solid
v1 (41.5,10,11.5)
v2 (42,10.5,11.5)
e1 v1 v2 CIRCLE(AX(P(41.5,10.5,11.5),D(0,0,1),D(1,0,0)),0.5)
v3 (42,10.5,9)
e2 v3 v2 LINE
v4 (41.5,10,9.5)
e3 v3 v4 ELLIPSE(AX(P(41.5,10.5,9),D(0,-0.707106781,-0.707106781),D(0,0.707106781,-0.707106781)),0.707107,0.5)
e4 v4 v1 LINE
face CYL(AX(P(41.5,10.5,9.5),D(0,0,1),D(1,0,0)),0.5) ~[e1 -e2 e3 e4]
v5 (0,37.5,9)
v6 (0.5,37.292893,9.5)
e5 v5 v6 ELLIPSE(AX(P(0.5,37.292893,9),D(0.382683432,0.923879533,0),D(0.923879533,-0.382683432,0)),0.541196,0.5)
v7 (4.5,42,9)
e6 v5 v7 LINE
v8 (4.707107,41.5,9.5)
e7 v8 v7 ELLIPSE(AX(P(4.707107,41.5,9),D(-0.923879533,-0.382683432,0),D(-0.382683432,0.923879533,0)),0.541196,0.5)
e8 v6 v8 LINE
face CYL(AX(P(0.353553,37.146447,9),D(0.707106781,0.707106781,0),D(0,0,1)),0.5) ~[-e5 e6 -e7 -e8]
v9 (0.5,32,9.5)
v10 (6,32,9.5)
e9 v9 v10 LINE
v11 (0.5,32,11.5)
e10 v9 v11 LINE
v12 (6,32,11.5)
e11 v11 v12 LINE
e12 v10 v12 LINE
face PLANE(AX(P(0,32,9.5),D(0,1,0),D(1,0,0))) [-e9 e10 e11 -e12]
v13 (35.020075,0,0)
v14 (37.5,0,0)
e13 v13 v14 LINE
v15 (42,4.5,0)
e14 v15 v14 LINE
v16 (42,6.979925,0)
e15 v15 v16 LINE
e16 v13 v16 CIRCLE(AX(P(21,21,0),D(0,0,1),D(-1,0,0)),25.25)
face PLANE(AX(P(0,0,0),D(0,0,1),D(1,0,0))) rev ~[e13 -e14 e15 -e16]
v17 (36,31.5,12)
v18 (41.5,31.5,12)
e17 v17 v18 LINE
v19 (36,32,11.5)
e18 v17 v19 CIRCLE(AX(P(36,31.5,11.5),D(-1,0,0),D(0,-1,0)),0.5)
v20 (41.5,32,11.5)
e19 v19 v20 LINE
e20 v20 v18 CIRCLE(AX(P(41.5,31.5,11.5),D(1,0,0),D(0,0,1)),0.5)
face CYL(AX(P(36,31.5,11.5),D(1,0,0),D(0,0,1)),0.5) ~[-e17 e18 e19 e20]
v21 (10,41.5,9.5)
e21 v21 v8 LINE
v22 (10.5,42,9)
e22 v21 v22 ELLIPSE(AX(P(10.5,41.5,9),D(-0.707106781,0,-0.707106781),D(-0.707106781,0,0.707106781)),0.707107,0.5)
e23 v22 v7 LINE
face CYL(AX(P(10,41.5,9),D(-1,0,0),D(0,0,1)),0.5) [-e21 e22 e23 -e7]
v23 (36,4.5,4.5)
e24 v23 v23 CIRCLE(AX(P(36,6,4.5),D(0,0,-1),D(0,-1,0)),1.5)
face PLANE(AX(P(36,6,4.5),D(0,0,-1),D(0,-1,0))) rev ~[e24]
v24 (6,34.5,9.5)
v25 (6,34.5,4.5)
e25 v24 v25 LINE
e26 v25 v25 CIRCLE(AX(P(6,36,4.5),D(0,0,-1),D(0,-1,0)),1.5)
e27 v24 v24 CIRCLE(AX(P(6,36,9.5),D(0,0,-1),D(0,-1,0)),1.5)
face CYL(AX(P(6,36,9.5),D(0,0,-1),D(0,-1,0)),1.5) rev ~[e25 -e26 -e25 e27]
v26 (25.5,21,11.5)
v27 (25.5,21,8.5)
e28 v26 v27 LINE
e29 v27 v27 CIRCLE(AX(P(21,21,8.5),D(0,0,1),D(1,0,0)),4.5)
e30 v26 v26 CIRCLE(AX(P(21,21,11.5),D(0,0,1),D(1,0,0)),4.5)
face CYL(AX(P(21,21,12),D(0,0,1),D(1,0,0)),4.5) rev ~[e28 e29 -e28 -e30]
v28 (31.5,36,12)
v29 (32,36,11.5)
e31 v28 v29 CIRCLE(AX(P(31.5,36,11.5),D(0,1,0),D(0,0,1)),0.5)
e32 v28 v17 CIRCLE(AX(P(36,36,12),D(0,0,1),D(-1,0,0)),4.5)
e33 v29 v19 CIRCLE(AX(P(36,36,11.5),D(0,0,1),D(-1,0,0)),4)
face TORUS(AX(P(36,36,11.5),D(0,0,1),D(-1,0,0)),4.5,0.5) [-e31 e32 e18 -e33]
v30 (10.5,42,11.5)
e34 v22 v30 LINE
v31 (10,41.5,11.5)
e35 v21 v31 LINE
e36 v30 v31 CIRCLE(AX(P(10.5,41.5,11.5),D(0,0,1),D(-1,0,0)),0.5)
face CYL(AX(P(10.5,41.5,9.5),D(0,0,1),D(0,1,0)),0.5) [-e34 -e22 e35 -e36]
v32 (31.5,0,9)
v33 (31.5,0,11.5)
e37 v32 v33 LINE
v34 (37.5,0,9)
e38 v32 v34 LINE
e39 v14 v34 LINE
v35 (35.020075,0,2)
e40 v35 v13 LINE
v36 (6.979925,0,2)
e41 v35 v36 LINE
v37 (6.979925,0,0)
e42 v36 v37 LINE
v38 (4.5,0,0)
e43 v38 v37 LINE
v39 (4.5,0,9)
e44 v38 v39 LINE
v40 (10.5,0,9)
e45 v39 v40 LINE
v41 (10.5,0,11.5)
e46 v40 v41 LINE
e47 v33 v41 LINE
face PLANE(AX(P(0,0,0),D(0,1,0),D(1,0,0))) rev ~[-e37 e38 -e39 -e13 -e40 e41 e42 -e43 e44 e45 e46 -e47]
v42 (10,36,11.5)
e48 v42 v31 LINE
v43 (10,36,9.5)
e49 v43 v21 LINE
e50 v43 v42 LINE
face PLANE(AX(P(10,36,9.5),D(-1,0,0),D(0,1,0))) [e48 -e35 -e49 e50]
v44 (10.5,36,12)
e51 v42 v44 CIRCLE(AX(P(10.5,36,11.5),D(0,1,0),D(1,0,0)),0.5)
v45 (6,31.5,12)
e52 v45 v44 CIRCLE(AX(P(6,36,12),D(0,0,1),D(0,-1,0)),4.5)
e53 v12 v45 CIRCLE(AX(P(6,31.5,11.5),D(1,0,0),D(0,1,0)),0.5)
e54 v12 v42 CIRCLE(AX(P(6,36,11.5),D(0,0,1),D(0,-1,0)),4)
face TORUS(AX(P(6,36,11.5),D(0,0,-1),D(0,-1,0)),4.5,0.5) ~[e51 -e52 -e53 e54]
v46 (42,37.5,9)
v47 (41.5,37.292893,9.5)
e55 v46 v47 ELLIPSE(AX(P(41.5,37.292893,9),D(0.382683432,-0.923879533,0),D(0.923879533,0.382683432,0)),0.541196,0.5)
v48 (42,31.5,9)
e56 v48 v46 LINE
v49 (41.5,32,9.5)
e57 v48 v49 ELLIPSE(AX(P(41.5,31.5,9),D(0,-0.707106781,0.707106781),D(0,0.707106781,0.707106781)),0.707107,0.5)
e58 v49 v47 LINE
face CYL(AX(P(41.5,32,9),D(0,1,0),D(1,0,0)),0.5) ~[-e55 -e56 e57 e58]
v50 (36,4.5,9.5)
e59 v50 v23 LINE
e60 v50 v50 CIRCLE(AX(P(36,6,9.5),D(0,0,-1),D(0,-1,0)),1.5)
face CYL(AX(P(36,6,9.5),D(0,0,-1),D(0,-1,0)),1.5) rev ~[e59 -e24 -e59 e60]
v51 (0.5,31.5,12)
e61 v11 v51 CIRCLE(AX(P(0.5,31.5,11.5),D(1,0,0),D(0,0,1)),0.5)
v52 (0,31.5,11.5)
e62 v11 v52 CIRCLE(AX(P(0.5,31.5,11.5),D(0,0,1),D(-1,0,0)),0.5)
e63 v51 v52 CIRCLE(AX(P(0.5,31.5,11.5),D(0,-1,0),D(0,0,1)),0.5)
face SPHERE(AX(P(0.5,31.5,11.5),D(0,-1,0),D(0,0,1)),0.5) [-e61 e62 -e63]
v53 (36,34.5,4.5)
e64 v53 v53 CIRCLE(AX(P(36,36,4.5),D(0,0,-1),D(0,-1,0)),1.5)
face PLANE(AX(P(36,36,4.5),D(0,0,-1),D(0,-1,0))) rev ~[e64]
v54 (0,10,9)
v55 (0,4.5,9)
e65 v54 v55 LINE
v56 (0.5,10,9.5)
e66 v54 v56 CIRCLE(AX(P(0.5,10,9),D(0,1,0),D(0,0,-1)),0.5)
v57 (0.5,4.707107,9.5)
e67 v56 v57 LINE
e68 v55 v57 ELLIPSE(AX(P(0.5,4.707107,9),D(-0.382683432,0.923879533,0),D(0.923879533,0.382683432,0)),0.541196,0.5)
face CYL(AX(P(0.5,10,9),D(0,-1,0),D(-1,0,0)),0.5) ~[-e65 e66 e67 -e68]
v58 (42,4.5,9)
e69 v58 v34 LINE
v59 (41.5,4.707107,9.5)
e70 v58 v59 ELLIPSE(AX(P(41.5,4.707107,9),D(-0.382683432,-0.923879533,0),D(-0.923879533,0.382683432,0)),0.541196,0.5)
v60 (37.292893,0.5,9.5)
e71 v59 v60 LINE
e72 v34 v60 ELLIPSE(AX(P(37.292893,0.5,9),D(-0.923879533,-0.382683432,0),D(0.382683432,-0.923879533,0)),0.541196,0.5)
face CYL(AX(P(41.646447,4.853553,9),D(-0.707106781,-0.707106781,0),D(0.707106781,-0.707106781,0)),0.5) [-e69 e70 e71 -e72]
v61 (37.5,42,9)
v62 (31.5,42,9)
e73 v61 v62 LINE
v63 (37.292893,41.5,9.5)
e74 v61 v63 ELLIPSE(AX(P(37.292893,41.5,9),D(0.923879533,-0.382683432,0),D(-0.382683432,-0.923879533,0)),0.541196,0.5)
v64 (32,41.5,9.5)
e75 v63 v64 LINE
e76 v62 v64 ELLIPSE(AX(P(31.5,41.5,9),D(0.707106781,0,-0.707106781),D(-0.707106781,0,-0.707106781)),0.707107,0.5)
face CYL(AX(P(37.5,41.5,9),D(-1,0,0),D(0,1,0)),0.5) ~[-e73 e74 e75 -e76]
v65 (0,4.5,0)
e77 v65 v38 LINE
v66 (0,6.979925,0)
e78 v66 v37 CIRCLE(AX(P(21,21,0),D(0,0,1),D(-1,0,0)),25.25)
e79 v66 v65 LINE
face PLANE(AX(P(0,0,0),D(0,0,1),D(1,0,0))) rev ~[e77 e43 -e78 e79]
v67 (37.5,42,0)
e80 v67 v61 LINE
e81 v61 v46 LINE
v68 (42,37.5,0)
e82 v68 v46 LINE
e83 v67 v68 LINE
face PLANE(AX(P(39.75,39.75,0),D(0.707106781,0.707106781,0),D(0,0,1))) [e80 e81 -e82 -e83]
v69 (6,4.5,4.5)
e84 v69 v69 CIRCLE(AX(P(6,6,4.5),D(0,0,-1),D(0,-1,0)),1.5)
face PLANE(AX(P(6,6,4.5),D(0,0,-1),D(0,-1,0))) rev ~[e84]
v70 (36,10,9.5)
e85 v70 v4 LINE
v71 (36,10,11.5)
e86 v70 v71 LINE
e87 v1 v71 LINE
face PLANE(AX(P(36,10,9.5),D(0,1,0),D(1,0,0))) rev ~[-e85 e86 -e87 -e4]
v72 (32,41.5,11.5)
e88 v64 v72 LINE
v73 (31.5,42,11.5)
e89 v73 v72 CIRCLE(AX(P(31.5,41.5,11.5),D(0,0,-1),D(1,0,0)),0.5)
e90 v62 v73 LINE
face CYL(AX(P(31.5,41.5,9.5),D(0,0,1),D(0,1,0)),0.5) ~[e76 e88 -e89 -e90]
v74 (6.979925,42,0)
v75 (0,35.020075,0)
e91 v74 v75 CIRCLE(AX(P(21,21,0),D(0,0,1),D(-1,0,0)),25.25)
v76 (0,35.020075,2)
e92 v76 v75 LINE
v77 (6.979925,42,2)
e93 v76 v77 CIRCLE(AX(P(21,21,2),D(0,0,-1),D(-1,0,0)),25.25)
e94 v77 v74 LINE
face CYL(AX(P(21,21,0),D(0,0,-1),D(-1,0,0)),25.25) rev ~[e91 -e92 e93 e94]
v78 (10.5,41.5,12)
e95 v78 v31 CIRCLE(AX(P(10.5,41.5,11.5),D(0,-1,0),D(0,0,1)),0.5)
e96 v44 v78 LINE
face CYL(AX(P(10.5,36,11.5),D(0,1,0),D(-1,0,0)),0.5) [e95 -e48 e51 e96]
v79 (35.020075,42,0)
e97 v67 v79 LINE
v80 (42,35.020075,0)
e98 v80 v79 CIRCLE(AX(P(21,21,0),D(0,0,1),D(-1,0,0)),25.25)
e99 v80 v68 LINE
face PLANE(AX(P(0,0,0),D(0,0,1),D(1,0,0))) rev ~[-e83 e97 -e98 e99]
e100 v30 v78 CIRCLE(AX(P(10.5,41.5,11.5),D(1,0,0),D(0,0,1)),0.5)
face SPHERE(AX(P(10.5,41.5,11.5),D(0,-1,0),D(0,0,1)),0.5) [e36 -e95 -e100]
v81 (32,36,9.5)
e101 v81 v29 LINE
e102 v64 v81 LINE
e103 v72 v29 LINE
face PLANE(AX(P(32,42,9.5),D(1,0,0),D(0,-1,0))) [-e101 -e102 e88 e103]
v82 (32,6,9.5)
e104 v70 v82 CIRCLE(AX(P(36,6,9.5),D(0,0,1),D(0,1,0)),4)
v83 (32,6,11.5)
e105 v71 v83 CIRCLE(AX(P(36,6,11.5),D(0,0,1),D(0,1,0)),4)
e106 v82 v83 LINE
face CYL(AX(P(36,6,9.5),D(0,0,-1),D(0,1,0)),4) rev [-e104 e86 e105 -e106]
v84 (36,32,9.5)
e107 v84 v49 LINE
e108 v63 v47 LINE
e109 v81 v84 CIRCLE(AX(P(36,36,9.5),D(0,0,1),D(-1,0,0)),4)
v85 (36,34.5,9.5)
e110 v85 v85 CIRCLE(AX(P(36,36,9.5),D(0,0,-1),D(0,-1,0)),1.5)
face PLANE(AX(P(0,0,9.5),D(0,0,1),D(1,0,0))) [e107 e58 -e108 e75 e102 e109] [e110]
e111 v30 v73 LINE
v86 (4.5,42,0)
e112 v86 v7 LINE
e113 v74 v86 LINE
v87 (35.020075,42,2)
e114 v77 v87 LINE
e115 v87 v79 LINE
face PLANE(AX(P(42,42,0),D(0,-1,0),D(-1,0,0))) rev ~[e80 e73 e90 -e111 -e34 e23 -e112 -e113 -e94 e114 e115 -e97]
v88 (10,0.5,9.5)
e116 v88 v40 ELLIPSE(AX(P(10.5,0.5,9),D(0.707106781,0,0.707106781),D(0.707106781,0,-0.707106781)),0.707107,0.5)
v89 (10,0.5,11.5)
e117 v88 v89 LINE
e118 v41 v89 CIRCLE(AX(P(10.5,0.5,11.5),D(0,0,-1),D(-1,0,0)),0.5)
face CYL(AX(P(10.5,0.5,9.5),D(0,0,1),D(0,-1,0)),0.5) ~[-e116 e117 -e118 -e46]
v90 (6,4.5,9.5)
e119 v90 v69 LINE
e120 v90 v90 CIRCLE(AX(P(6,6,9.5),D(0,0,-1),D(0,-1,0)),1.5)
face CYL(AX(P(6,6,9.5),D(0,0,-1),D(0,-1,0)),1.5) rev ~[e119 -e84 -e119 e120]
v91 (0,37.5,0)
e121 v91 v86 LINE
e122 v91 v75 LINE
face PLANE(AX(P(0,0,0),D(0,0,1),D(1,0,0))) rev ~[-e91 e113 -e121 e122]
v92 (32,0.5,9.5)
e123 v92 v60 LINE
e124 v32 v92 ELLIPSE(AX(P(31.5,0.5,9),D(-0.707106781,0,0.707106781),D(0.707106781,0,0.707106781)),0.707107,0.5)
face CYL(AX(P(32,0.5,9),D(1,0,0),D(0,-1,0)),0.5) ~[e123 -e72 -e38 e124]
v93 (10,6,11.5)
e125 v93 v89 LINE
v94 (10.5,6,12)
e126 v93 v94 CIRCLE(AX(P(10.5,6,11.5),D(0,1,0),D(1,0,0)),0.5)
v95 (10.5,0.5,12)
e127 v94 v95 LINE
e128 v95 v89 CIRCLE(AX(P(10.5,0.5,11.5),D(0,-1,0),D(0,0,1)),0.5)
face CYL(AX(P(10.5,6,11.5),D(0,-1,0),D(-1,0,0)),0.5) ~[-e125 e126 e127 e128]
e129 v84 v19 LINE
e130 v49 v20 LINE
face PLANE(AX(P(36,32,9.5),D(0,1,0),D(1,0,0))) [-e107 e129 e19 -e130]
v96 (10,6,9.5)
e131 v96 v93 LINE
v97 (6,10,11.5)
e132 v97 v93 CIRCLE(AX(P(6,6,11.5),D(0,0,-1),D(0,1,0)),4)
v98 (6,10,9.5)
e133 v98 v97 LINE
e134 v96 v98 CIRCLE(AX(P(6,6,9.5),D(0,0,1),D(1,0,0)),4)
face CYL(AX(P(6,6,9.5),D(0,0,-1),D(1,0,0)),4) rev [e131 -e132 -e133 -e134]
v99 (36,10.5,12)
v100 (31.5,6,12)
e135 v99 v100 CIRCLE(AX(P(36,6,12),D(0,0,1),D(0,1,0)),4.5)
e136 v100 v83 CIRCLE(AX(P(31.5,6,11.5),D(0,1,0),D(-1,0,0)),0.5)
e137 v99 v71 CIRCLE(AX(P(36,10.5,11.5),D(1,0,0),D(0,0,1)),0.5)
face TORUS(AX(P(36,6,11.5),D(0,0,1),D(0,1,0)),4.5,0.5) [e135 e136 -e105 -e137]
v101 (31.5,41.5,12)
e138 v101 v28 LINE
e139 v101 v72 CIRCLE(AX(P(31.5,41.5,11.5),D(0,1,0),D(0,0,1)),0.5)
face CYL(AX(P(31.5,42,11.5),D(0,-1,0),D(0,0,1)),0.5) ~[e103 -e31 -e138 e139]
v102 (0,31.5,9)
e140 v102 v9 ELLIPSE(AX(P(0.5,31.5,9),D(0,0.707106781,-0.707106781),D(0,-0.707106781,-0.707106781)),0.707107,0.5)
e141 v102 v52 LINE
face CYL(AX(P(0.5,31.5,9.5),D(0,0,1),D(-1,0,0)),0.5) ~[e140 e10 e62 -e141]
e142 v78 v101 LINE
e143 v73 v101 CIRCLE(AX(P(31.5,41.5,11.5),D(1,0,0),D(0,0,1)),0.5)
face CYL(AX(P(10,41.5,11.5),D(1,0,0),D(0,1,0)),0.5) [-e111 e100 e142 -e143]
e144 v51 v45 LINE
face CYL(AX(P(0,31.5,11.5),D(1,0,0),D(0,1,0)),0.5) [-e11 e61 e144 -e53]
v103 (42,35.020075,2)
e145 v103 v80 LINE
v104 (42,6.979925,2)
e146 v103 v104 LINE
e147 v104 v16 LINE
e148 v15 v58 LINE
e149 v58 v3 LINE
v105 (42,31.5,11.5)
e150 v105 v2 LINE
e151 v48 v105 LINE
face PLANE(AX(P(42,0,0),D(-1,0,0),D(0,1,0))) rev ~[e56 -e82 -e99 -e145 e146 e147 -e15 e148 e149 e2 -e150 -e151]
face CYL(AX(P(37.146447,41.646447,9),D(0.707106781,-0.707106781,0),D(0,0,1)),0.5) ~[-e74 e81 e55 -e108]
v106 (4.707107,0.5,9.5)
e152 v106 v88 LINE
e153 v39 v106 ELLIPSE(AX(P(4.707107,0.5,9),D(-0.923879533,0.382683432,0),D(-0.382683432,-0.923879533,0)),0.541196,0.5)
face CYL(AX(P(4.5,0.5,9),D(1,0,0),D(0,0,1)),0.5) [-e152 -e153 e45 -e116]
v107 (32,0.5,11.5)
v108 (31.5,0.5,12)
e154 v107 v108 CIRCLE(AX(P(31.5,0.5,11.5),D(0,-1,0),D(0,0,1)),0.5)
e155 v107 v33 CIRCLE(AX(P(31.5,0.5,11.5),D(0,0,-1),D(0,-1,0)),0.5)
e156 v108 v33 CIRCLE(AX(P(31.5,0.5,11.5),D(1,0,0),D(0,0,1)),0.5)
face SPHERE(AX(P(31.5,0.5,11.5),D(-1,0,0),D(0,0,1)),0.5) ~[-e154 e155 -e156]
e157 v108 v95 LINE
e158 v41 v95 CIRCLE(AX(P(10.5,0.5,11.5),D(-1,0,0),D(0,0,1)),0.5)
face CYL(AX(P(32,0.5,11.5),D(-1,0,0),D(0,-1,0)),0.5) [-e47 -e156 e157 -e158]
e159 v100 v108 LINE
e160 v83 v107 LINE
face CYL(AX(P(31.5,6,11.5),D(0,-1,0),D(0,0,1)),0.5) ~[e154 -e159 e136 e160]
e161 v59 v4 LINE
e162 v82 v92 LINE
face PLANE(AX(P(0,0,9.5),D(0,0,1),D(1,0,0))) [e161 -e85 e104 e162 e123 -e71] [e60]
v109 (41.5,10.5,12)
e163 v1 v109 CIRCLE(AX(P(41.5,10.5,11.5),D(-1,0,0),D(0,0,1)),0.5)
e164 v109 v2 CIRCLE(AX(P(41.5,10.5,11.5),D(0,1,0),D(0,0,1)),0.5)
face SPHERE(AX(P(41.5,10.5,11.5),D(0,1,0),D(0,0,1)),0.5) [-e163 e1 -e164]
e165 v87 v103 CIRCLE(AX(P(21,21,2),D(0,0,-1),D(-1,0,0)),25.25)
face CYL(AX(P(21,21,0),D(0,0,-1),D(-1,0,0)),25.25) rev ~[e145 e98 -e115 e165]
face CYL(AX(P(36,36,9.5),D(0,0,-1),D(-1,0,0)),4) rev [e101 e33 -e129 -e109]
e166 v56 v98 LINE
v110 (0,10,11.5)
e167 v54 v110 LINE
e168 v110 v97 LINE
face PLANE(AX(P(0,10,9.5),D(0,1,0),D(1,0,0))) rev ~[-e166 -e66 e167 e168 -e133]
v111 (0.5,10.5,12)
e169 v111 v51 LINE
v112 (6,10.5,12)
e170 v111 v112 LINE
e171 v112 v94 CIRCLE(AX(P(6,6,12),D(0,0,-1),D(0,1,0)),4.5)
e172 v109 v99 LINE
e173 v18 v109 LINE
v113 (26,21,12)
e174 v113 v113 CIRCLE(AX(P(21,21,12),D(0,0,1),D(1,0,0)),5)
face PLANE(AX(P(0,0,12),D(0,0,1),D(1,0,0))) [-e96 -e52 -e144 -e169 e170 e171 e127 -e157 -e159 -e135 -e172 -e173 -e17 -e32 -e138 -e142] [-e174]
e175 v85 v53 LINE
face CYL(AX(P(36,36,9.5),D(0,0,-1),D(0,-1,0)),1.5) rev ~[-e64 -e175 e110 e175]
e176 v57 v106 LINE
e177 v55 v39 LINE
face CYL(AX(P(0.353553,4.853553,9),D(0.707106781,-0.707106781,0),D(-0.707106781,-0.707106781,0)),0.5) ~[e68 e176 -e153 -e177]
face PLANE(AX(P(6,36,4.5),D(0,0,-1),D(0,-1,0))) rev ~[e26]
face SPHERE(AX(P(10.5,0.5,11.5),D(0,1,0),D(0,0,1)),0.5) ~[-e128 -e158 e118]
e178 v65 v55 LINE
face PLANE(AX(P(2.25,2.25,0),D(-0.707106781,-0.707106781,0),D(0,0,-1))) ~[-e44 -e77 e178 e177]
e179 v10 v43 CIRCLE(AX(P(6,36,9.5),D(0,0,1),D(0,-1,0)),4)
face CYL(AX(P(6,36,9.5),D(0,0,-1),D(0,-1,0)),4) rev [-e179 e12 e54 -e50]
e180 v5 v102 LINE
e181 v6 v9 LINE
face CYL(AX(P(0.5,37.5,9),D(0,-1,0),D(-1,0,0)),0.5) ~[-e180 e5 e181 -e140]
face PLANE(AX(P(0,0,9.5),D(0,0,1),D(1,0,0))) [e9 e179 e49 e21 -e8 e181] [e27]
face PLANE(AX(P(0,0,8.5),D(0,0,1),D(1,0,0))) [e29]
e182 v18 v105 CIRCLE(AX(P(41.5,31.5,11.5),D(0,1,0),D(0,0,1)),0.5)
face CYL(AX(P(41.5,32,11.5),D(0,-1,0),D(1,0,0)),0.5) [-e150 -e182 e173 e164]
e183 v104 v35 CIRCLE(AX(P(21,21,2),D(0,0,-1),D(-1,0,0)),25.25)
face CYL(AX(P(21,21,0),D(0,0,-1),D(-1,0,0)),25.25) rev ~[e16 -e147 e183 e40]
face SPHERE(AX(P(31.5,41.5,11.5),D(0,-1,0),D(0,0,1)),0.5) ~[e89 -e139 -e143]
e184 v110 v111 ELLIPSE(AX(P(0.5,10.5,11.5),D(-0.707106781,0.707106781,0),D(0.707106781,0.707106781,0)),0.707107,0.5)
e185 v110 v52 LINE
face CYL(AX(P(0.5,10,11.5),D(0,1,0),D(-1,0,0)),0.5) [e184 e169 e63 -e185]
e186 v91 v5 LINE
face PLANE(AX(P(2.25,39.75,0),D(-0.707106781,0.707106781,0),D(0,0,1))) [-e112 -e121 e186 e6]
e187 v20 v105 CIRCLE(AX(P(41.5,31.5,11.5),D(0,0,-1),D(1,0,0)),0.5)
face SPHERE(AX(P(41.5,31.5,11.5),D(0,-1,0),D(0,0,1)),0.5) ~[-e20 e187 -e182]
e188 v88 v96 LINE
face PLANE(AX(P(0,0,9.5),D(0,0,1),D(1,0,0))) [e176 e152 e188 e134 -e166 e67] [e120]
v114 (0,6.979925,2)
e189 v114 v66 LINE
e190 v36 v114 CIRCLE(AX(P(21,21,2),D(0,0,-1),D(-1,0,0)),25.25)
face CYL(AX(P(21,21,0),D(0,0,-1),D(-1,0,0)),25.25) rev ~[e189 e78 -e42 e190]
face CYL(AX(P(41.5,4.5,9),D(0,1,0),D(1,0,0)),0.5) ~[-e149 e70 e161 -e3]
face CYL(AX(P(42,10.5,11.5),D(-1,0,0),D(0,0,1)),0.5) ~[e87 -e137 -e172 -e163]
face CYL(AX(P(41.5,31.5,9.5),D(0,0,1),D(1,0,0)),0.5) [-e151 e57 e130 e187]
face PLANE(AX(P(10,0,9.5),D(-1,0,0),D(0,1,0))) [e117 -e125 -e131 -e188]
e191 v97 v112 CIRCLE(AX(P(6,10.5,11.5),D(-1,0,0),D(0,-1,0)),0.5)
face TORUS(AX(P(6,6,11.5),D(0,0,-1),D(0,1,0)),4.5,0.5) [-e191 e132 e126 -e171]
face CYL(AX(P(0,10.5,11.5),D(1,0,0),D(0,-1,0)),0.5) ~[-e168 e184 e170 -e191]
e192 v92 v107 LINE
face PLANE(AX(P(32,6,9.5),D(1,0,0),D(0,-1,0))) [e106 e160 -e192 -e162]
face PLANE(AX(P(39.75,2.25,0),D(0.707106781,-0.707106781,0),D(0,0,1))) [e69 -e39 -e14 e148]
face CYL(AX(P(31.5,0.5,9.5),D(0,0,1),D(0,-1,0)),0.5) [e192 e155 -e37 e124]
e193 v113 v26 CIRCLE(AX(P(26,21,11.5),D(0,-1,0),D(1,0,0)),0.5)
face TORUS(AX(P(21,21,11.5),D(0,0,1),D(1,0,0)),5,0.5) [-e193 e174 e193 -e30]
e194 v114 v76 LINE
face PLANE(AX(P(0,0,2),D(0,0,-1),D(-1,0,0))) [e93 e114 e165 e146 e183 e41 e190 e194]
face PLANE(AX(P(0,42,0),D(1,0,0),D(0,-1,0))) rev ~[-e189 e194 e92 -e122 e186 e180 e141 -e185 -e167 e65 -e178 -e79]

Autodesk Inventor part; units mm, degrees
ref_plane "YZ Plane" through (0, 0, 0) normal (1, 0, 0) x (0, 1, 0)
ref_plane "XZ Plane" through (0, 0, 0) normal (0, 1, 0) x (-1, 0, 0)
ref_plane "XY Plane" through (0, 0, 0) normal (0, 0, 1) x (1, 0, 0)
sketch "Sketch1" plane through (0, 0, 0) normal (0, 0, 1) x (1, 0, 0)
  line L0 (0, 0) -> (42, 0)
  line L1 (42, 0) -> (42, 42)
  line L2 (42, 42) -> (0, 42)
  line L3 (0, 42) -> (0, 0)
  dimension "d0" = 42
  dimension "d1" = 42
extrude "Extrusion1" add sketch "Sketch1" along normal blind 9.5
chamfer "Chamfer1" distance 4.5 angle 45 4 edges at (0, 0, 4.75) (42, 0, 4.75) (42, 42, 4.75) (0, 42, 4.75)
sketch "Sketch6" plane through (0, 0, 0) normal (0, 0, -1) x (-1, 0, 0)
  line L0 (-42, 4.5) -> (-42, 37.5) projected
  line L1 (-4.5, 0) -> (-37.5, 0) projected
  circle A0 centre (-21, 21) radius 25.25
  dimension "d37" = 50.5
  dimension "d38" = 21
  dimension "d39" = 21
extrude "Extrusion5" cut sketch "Sketch6" against normal blind 2
sketch "Sketch2" plane through (0, 0, 9.5) normal (0, 0, 1) x (1, 0, 0)
  line L0 (4.5, 42) -> (37.5, 42) projected
  line L1 (0, 4.5) -> (0, 37.5) projected
  line L2 (37.5, 0) -> (4.5, 0) projected
  line L3 (42, 37.5) -> (42, 4.5) projected
  line L4 (10, 0) -> (10, 6)
  line L5 (10, 36) -> (10, 42)
  line L6 (0, 32) -> (6, 32)
  line L7 (36, 32) -> (42, 32)
  line L8 (0, 10) -> (6, 10)
  line L9 (36, 10) -> (42, 10)
  line L10 (32, 42) -> (32, 36)
  line L11 (32, 6) -> (32, 0)
  arc A0 (6, 32) -> (10, 36) centre (6, 36) ccw
  arc A1 (32, 36) -> (36, 32) centre (36, 36) ccw
  arc A2 (36, 10) -> (32, 6) centre (36, 6) ccw
  arc A3 (10, 6) -> (6, 10) centre (6, 6) ccw
  dimension "d10" = 4
extrude "Extrusion6" add sketch "Sketch2" along normal blind 2.5
fillet "Fillet3" radius 0.5 35 edges at (2.25, 2.25, 9.5) (7.25, 0, 9.5) (0, 7.25, 9.5) (34.75, 0, 9.5) (39.75, 2.25, 9.5) (42, 7.25, 9.5) (42, 34.75, 9.5) (34.75, 42, 9.5) (39.75, 39.75, 9.5) (0, 34.75, 9.5) (2.25, 39.75, 9.5) (7.25, 42, 9.5) (0, 21, 12) (42, 21, 12) (3, 10, 12) (8.8284, 8.8284, 12) (10, 3, 12) (21, 0, 12) (32, 3, 12) (33.1716, 8.8284, 12) (39, 10, 12) (33.1716, 33.1716, 12) (39, 32, 12) (32, 39, 12) (8.8284, 33.1716, 12) (10, 39, 12) (3, 32, 12) (21, 42, 12) (10, 0, 10.75) (32, 0, 10.75) (42, 10, 10.75) (42, 32, 10.75) (32, 42, 10.75) (10, 42, 10.75) (0, 32, 10.75)
sketch "Sketch7" plane through (0, 0, 12) normal (0, 0, 1) x (1, 0, 0)
  circle A0 centre (21, 21) radius 4.5
  line L0 (31.5, 42) -> (10.5, 42) projected
  line L1 (0, 31.5) -> (0, 10) projected
  dimension "d45" = 9
  dimension "d46" = 21
  dimension "d47" = 21
extrude "Extrusion7" cut sketch "Sketch7" against normal blind 3.5
fillet "Fillet4" radius 0.5 1 edges at (16.5, 21, 12)
sketch "Sketch8" plane through (0, 0, 9.5) normal (0, 0, 1) x (1, 0, 0)
  arc A0 (10, 6) -> (6, 10) centre (6, 6) ccw projected
  point P0 (36, 6)
  point P1 (6, 36)
  point P2 (36, 36)
  dimension "d51" = 30
  dimension "d52" = 30
hole "Hole2" at (6, 6, 9.5) at (36, 6, 9.5) at (6, 36, 9.5) at (36, 36, 9.5) direction (0, 0, -1) diameter 3 depth 5
properties part number "stepper_front"
